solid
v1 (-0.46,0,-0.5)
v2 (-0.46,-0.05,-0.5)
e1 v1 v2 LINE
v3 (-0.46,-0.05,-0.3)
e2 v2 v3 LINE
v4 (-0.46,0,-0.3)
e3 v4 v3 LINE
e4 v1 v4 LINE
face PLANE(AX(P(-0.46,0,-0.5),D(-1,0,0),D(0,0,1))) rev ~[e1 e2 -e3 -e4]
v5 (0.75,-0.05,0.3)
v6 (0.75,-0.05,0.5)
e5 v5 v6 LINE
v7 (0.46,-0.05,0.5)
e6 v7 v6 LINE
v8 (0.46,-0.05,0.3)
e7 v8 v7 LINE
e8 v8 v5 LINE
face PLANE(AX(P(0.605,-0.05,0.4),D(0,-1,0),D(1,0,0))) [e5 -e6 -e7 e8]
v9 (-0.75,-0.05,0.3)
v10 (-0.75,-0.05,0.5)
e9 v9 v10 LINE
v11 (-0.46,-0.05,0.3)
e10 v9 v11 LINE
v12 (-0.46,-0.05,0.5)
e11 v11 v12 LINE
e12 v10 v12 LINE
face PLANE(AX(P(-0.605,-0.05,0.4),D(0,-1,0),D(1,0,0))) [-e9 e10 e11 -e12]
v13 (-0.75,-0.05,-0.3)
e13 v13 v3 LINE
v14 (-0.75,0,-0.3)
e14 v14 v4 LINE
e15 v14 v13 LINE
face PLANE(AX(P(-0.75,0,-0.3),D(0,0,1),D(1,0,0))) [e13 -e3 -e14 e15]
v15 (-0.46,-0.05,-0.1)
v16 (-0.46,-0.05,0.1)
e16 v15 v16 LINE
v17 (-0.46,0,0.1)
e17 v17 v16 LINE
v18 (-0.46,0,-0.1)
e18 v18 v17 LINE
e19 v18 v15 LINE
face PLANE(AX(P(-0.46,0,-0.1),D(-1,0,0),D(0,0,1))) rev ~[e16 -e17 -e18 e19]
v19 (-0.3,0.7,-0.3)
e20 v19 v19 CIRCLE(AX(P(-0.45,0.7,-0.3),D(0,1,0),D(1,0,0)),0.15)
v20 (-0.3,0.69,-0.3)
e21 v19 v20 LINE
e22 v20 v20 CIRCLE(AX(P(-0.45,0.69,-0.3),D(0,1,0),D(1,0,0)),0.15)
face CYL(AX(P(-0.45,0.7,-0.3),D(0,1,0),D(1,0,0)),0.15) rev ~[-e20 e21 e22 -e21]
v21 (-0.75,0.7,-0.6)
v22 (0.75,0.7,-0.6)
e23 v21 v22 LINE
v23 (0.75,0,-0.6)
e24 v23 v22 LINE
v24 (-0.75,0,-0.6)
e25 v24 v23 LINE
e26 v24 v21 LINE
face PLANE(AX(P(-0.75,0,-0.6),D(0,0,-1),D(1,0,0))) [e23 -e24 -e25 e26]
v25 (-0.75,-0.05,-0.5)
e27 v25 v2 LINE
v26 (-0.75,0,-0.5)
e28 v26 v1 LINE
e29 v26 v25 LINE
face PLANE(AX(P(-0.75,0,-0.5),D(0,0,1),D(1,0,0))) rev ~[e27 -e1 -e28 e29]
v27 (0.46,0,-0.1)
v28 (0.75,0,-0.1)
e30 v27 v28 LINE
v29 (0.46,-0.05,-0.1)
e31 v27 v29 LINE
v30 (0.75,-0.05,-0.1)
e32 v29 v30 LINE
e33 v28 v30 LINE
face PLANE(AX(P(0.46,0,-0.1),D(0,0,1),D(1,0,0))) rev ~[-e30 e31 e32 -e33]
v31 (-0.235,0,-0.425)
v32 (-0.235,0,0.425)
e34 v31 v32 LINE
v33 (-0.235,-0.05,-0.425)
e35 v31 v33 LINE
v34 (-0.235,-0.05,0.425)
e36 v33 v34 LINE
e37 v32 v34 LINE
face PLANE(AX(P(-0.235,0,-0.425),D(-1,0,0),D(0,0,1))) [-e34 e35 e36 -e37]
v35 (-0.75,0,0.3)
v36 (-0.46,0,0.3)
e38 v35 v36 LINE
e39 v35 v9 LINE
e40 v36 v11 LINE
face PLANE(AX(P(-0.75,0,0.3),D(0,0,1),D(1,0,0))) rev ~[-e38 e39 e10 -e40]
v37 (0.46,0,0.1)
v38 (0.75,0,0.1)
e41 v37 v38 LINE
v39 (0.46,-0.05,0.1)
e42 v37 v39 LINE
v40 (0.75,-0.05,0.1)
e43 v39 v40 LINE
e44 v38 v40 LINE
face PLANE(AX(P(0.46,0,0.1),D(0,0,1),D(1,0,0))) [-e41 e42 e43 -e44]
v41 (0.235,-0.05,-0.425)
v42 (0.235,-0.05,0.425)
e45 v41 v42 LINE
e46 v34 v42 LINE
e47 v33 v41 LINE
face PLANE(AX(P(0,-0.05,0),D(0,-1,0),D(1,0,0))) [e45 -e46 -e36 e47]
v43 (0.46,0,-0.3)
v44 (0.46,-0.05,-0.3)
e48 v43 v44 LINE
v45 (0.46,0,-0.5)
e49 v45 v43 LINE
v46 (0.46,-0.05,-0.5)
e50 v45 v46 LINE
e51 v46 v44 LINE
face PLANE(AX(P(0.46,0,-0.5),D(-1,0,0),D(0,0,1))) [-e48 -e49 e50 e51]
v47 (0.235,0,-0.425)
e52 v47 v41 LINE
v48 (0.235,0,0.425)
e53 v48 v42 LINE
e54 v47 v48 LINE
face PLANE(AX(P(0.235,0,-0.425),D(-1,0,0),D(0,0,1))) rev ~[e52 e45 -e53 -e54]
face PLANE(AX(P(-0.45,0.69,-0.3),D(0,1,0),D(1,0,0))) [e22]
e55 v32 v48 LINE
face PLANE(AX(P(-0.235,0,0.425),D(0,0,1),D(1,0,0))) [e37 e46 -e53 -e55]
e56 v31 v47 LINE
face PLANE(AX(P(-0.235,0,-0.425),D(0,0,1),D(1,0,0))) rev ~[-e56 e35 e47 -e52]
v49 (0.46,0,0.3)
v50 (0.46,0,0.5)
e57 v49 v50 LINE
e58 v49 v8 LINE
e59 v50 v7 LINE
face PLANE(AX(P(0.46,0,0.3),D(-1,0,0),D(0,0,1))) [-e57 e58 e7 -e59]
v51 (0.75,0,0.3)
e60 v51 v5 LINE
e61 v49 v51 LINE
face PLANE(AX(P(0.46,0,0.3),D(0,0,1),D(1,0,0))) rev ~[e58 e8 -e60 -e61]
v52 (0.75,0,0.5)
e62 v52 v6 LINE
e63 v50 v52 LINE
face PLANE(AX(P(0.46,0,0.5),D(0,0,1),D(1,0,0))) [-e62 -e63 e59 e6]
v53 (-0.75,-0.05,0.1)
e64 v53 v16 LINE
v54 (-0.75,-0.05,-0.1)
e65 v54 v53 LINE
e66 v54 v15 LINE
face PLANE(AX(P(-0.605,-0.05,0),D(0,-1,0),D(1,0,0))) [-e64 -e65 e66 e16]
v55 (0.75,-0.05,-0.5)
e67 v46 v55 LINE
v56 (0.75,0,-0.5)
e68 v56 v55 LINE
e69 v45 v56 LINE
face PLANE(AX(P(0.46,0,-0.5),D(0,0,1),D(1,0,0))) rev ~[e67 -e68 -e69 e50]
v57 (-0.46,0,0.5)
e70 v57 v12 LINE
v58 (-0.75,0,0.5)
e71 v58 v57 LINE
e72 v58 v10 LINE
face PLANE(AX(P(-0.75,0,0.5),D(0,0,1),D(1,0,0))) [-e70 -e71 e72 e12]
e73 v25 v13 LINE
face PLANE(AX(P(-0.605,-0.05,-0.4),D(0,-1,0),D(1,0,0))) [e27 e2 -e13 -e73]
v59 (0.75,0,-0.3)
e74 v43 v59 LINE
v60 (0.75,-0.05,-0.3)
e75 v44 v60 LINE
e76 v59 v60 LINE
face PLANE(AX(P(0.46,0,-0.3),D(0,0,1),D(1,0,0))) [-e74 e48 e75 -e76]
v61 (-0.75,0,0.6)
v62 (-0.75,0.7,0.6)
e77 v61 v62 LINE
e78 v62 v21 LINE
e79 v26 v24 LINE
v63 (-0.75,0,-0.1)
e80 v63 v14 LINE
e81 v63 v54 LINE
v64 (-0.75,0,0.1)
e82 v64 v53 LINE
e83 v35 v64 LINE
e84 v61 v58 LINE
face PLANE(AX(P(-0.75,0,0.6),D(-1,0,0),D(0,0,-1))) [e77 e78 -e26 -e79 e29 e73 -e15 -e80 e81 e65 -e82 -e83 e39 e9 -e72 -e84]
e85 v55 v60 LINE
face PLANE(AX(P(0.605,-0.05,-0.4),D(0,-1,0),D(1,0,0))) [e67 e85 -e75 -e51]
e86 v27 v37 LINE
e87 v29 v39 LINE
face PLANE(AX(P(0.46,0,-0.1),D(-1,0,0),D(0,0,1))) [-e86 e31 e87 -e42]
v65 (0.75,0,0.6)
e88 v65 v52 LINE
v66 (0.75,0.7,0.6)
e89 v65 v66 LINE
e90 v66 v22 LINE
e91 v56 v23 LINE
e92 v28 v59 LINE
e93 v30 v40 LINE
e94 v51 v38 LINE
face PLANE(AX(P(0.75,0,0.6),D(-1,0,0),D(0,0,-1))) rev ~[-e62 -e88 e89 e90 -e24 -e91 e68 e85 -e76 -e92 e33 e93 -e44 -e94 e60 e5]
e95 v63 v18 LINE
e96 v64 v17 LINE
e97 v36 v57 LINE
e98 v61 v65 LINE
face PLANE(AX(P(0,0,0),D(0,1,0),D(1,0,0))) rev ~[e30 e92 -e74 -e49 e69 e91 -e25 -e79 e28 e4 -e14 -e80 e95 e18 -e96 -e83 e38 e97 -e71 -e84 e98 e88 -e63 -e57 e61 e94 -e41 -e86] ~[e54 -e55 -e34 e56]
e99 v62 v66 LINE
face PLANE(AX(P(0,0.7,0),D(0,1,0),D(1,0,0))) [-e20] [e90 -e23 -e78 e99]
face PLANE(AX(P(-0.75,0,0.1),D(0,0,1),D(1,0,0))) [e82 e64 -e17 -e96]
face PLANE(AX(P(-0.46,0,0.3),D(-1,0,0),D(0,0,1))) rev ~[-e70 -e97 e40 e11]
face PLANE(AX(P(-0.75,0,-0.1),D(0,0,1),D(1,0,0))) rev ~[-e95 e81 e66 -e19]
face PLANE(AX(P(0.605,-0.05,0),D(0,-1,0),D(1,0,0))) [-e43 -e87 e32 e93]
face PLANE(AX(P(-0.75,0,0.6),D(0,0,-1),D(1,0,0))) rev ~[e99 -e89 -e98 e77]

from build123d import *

# Parameters (mm, degrees)
SKETCH1_W           = 1.5
SKETCH1_H           = 1.2
BOSS_EXTRUDE1_DEPTH = 0.7
SKETCH2_W           = 0.29
SKETCH2_H           = 0.2
SKETCH2_W_2         = 0.47
SKETCH2_H_2         = 0.85
BOSS_EXTRUDE2_DEPTH = 0.05
SKETCH3_R           = 0.15
CUT_EXTRUDE1_DEPTH  = 0.01


with BuildPart() as part:
    # Sketch1 → Boss-Extrude1 (new body)
    with BuildSketch(Plane(origin=(0, 0, 0), x_dir=(1, 0, 0), z_dir=(0, 1, 0))):
        Rectangle(SKETCH1_W, SKETCH1_H)
    extrude(amount=BOSS_EXTRUDE1_DEPTH)

    # Sketch2 → Boss-Extrude2 (add)
    with BuildSketch(Plane.XZ):
        with Locations((-0.605, 0.4)):
            Rectangle(SKETCH2_W, SKETCH2_H)
        Rectangle(SKETCH2_W_2, SKETCH2_H_2)
        with Locations((-0.605, -0.4)):
            Rectangle(SKETCH2_W, SKETCH2_H)
        with Locations((-0.605, 0)):
            Rectangle(SKETCH2_W, SKETCH2_H)
        with Locations((0.605, -0.4)):
            Rectangle(SKETCH2_W, SKETCH2_H)
        with Locations((0.605, 0)):
            Rectangle(SKETCH2_W, SKETCH2_H)
        with Locations((0.605, 0.4)):
            Rectangle(SKETCH2_W, SKETCH2_H)
    extrude(amount=BOSS_EXTRUDE2_DEPTH)

    # Sketch3 → Cut-Extrude1 (cut)
    with BuildSketch(Plane(origin=(0, 0.7, 0), x_dir=(1, 0, 0), z_dir=(0, 1, 0))):
        with Locations((-0.45, 0.3)):
            Circle(SKETCH3_R)
    extrude(amount=-CUT_EXTRUDE1_DEPTH, mode=Mode.SUBTRACT)


solid = part.part
